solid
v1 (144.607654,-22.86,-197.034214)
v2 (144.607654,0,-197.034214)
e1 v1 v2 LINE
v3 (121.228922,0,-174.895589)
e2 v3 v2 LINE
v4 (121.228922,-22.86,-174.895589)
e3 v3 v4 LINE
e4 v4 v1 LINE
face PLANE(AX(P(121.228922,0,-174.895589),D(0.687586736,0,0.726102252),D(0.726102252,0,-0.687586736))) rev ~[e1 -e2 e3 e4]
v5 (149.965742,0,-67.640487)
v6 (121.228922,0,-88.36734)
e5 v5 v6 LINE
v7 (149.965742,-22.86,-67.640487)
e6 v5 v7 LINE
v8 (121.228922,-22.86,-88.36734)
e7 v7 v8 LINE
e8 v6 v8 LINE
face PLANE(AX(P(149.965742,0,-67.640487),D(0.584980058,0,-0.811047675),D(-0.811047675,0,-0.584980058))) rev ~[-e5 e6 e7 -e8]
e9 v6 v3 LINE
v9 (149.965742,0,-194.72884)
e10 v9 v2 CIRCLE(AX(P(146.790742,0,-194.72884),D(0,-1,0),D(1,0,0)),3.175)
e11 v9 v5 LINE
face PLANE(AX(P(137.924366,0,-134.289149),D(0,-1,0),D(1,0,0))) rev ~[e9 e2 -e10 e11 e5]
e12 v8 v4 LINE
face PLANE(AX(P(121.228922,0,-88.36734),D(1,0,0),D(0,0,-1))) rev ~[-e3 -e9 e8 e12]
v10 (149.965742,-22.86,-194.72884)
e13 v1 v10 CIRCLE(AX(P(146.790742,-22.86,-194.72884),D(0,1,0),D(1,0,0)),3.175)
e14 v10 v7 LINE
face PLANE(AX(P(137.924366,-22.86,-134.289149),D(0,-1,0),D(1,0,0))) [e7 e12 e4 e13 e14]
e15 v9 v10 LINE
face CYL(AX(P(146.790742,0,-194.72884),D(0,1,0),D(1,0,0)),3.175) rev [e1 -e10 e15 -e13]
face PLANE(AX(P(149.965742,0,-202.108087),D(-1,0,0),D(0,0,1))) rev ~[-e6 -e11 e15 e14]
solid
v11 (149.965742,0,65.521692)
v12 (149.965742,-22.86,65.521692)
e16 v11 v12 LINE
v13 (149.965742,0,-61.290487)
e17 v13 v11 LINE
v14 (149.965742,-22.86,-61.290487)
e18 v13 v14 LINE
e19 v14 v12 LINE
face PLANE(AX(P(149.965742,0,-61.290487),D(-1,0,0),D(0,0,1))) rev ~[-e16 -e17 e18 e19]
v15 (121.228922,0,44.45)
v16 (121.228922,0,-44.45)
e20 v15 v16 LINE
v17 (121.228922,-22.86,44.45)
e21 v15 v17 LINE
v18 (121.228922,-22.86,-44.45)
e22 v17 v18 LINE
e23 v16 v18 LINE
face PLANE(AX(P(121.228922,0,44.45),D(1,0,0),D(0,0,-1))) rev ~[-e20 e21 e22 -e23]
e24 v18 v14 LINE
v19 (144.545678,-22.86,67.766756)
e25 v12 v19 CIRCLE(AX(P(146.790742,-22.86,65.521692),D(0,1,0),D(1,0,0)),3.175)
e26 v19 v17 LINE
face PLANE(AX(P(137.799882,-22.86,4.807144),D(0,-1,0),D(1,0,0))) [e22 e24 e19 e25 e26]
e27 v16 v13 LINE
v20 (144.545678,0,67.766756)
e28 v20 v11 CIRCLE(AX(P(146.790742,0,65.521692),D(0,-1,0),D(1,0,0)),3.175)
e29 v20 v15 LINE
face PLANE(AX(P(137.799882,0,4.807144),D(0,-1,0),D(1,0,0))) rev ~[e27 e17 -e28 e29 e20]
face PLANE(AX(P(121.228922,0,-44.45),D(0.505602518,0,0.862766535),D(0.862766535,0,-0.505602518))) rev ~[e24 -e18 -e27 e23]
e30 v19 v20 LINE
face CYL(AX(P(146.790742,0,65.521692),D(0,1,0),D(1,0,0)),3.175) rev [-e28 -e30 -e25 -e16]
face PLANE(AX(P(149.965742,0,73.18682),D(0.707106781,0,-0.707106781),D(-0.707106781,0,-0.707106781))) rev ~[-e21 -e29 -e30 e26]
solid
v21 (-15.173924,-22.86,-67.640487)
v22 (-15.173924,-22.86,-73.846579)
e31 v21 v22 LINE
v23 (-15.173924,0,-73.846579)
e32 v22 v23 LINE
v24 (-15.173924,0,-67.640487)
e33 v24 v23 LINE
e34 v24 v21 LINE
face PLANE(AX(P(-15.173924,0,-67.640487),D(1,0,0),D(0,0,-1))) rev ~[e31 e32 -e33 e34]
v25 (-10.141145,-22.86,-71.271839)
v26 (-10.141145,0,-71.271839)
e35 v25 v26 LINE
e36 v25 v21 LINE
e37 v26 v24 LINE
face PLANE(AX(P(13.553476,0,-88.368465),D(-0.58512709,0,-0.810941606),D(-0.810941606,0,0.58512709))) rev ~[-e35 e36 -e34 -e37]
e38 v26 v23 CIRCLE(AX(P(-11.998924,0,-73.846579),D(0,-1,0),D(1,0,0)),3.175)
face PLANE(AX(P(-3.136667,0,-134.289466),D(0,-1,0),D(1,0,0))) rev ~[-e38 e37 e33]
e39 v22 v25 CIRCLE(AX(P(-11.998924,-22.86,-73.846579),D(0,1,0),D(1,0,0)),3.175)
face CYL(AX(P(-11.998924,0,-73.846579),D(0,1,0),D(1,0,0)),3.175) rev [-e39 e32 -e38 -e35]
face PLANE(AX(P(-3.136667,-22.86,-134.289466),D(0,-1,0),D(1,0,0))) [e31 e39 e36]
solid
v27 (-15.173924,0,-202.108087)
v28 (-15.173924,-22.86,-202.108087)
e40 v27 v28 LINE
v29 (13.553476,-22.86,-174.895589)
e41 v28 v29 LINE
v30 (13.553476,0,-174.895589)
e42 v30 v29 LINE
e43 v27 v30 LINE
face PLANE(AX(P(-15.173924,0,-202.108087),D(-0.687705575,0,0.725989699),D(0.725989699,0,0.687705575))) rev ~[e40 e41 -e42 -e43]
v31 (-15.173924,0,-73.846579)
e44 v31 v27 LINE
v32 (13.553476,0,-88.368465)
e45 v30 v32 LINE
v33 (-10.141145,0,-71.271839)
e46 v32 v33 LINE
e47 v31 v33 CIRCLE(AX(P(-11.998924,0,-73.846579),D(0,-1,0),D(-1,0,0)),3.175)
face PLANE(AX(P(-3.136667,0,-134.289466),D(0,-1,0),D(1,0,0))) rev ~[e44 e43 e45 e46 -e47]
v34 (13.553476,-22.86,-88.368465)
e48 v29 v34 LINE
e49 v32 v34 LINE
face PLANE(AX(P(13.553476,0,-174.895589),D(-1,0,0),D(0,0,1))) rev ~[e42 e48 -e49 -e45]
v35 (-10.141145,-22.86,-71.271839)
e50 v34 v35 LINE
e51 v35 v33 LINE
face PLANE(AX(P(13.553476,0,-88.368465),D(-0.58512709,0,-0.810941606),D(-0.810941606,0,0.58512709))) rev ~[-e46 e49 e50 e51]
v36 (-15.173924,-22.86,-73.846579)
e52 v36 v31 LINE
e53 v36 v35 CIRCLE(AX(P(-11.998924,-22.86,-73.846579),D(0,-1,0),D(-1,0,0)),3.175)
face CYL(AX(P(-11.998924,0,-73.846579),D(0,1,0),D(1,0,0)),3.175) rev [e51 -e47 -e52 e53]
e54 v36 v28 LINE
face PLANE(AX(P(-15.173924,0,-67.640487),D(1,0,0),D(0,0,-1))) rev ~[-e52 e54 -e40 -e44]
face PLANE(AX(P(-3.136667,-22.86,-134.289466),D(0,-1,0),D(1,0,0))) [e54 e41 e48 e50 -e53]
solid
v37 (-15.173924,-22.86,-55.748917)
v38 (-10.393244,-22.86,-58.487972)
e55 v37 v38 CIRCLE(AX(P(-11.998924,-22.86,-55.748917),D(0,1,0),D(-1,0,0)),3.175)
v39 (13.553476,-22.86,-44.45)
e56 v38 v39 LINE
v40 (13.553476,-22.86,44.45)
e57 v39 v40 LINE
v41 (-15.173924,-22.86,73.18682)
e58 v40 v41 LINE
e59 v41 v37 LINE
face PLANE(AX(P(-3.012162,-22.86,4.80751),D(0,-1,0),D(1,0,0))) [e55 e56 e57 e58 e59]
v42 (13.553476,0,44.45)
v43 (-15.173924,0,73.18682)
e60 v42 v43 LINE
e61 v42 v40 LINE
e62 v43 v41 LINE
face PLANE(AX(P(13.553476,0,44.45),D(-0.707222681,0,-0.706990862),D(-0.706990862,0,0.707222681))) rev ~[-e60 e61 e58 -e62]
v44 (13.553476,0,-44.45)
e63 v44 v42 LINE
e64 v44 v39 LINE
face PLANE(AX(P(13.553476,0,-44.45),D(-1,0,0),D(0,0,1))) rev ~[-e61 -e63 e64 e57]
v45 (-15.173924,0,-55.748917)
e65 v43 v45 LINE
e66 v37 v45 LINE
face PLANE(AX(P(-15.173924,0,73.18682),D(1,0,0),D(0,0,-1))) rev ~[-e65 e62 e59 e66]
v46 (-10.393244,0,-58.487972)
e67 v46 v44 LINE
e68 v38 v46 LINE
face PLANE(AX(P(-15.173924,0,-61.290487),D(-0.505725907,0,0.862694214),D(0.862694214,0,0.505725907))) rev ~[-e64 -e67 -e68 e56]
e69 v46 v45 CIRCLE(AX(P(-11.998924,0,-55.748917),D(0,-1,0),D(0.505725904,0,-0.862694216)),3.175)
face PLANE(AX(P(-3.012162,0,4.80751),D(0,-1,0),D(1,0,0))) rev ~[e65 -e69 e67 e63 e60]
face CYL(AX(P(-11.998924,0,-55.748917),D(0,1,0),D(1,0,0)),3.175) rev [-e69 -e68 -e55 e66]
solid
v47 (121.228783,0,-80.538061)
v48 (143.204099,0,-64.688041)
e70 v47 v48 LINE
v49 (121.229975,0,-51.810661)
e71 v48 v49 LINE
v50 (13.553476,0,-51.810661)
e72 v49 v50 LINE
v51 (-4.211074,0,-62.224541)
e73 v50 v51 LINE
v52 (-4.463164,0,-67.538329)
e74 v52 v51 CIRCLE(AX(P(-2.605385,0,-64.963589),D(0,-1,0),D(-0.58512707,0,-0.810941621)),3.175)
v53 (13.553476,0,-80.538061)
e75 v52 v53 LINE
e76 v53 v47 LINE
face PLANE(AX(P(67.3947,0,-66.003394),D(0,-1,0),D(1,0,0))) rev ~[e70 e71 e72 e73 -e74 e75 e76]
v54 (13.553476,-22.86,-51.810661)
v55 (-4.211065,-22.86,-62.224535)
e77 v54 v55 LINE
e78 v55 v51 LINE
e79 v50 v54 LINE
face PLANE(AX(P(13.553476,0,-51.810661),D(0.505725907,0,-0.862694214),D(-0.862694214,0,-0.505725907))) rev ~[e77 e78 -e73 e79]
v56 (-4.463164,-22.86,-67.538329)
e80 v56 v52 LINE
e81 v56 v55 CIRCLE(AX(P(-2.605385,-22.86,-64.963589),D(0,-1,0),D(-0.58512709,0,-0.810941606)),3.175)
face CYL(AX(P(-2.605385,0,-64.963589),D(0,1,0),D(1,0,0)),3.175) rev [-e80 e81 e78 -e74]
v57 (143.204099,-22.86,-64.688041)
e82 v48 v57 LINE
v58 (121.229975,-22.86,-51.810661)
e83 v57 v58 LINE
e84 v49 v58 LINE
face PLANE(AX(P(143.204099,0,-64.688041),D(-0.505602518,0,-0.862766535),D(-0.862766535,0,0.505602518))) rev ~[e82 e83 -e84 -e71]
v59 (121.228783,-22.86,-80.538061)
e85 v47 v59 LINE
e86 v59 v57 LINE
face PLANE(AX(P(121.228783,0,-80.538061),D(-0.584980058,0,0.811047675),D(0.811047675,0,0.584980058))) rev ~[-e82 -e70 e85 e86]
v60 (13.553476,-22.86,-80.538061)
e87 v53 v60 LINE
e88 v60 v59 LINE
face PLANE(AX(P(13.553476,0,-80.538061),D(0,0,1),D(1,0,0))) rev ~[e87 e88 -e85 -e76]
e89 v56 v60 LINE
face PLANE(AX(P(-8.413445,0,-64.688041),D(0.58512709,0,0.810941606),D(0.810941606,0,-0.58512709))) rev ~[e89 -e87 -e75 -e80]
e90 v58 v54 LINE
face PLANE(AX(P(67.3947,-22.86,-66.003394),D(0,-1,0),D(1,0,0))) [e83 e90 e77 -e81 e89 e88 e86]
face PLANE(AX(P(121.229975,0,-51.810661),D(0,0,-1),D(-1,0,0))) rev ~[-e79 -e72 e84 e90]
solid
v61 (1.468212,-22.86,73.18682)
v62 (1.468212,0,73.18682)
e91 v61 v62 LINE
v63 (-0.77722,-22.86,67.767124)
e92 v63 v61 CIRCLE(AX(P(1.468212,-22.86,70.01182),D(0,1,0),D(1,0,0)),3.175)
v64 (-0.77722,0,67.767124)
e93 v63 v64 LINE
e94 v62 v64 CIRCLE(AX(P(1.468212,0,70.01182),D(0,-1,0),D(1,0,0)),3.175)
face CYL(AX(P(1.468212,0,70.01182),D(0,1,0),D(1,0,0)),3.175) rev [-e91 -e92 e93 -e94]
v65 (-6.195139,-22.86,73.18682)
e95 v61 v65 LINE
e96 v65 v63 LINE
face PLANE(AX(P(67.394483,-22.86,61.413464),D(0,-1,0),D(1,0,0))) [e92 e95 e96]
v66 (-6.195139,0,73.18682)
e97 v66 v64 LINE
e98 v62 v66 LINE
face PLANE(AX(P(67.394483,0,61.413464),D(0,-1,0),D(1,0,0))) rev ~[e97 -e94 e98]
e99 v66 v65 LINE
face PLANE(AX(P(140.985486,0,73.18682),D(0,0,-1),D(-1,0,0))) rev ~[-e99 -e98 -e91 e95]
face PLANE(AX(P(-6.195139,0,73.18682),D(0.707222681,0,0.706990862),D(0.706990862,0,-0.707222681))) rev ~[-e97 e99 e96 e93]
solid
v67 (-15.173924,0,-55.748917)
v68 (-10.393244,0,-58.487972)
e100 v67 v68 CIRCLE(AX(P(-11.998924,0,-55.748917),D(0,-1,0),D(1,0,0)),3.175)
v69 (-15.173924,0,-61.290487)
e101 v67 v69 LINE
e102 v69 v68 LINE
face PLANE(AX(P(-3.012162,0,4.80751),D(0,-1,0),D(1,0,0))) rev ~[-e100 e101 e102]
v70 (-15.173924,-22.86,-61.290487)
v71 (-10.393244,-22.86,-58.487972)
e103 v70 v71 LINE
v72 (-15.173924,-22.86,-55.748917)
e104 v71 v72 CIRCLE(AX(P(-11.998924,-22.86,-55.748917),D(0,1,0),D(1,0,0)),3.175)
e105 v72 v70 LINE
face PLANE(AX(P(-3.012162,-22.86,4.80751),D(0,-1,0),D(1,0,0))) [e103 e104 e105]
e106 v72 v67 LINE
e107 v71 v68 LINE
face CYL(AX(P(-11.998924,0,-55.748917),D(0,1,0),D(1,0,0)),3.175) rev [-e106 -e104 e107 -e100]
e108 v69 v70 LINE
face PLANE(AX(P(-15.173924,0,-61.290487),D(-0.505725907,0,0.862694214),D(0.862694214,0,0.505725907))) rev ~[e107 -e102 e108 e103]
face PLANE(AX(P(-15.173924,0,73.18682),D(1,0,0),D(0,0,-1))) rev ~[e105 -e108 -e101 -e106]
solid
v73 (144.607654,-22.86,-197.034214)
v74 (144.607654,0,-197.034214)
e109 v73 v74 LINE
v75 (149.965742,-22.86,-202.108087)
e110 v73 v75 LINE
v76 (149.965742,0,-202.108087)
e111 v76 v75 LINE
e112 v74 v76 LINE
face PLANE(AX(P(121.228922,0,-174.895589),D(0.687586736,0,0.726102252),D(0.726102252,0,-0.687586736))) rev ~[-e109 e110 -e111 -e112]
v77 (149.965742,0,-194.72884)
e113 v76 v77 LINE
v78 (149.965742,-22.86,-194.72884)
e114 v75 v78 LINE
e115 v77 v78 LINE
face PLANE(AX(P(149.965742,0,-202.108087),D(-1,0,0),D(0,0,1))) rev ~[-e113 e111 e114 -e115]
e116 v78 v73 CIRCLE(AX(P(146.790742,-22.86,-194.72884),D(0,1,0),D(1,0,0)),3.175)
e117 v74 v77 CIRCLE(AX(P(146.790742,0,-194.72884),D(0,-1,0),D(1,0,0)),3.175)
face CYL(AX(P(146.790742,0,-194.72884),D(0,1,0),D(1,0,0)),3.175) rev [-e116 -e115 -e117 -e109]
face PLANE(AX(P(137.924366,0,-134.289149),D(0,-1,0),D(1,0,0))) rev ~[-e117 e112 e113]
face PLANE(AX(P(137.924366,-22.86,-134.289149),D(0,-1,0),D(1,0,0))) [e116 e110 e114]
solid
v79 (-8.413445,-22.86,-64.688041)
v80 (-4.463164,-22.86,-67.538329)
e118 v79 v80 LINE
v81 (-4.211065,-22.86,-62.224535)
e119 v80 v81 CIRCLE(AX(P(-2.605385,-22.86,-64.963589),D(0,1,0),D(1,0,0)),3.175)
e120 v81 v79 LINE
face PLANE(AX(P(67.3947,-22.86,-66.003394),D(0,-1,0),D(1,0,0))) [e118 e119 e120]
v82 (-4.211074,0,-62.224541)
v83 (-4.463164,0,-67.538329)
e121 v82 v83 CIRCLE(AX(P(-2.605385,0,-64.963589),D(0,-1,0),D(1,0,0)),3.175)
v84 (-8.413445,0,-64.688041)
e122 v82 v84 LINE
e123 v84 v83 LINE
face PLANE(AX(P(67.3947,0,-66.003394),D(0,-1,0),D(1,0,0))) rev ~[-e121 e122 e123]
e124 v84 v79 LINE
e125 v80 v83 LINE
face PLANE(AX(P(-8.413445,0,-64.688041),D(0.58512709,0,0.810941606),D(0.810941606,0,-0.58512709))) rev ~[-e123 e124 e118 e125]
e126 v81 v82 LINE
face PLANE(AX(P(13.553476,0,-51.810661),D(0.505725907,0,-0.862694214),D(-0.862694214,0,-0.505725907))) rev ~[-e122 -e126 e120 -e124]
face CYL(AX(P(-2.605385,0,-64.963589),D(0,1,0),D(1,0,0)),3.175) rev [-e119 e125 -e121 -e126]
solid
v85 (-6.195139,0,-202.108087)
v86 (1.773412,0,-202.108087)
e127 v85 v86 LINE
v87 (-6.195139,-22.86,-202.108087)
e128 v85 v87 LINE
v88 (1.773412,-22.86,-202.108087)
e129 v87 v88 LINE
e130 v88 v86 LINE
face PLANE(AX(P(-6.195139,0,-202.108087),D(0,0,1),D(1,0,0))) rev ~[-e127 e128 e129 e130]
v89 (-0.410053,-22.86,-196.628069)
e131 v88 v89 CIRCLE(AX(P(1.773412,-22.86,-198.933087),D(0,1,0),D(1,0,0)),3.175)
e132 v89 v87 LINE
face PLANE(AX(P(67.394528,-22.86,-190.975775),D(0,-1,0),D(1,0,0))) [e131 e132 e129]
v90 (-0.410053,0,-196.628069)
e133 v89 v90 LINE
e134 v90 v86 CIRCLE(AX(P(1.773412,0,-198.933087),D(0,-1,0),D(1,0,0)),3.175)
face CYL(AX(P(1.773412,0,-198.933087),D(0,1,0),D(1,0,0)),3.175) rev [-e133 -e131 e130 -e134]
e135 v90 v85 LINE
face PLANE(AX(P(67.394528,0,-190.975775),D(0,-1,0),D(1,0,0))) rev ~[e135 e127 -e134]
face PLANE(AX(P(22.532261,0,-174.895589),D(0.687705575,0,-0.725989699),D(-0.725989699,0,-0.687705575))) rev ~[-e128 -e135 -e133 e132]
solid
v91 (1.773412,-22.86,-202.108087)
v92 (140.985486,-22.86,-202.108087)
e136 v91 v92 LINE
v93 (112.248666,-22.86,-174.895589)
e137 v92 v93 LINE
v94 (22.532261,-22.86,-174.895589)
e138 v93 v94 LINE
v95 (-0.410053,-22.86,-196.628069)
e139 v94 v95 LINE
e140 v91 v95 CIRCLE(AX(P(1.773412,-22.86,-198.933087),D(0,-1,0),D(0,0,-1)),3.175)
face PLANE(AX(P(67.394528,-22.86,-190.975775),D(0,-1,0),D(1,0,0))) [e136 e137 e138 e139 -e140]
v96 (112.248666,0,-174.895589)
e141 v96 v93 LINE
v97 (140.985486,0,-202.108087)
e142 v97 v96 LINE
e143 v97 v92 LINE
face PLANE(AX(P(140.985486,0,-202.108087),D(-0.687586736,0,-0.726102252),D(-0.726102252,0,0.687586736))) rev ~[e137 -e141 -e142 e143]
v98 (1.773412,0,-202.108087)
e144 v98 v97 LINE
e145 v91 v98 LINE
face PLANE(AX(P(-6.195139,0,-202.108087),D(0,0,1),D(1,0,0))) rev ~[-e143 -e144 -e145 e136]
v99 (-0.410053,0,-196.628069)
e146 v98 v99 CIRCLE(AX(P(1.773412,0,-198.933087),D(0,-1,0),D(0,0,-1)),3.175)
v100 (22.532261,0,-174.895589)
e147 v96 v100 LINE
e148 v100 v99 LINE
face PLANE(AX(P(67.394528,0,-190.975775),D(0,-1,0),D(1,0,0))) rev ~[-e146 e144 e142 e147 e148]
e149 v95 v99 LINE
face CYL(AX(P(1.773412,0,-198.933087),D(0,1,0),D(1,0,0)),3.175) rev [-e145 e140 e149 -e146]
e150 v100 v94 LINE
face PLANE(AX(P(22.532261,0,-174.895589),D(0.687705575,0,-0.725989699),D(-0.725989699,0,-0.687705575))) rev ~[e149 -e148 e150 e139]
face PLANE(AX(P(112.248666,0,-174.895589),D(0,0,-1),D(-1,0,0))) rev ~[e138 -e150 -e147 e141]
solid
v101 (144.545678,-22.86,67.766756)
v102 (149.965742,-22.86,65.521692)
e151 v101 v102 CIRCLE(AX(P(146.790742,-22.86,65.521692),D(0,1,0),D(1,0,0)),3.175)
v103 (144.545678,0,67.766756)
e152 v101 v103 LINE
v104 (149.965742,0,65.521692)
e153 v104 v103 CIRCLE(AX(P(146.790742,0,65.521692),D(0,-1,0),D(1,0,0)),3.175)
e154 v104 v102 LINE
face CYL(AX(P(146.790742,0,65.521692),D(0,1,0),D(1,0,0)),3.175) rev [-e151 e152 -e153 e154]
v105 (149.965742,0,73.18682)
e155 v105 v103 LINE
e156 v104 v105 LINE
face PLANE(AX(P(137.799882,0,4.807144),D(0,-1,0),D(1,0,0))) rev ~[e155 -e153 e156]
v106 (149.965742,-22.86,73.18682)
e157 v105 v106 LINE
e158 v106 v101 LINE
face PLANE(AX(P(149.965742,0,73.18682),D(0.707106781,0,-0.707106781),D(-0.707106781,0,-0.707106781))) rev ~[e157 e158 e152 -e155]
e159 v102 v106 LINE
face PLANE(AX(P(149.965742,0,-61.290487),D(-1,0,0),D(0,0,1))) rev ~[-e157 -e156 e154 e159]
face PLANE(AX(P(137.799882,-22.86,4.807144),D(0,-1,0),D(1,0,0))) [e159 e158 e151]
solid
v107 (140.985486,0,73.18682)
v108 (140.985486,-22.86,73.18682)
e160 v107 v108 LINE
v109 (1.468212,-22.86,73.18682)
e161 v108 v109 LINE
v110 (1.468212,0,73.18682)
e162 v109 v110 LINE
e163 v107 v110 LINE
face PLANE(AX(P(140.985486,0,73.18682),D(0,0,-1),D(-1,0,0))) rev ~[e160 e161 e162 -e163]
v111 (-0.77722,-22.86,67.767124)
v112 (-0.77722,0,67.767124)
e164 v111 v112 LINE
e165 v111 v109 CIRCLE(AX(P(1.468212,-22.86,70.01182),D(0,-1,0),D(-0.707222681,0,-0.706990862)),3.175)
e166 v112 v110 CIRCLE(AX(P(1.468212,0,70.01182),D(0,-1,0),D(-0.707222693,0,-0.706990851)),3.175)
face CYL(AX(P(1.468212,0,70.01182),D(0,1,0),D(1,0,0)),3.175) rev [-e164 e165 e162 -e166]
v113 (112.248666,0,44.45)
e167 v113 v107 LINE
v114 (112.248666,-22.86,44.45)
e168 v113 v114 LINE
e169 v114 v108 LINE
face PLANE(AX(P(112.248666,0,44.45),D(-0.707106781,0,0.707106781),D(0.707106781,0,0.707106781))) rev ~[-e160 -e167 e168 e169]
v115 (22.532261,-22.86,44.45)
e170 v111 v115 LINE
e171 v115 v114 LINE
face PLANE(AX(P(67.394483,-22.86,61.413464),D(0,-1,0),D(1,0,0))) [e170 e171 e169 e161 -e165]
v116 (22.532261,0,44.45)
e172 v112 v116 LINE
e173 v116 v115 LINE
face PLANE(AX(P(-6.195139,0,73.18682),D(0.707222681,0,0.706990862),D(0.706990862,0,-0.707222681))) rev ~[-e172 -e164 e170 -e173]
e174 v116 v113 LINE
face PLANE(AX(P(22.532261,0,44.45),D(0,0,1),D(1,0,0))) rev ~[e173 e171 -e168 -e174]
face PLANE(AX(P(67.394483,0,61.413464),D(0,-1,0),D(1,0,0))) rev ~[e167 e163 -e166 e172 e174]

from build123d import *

# Parameters (mm, degrees)
F1_DEPTH = 22.86
F2_R     = 3.175
F3_DEPTH = 25.4


with BuildPart() as f1:
    # F0 (on Front) → F1 (new body)
    with BuildSketch(Plane.XZ):
        Polygon((-15.1739238592, -61.2904866815), (13.5534761408, -44.45), (13.5534761408, 44.45), (-15.1739238592, 73.1868195874), align=None)
    extrude(amount=F1_DEPTH)


with BuildPart() as f1b:
    # F0 (on Front) → F1, piece 2 (new body)
    with BuildSketch(Plane.XZ):
        Polygon((140.9854855022, 73.1868195874), (-6.195139428, 73.1868195874), (22.532260572, 44.45), (112.2486659148, 44.45), align=None)
    extrude(amount=F1_DEPTH)


with BuildPart() as f1c:
    # F0 (on Front) → F1, piece 3 (new body)
    with BuildSketch(Plane.XZ):
        Polygon((121.228922036, -174.8955888238), (149.9657416234, -202.1080866815), (149.9657416234, -67.6404866815), (121.228922036, -88.3673402517), align=None)
    extrude(amount=F1_DEPTH)


with BuildPart() as f1d:
    # F0 (on Front) → F1, piece 4 (new body)
    with BuildSketch(Plane.XZ):
        Polygon((13.5534761408, -51.8106613985), (-8.4134451263, -64.6880413574), (13.5534761408, -80.5380613985), (121.2287825639, -80.5380613985), (143.2040990216, -64.6880413574), (121.2299748981, -51.8106613985), align=None)
    extrude(amount=F1_DEPTH)


with BuildPart() as f1e:
    # F0 (on Front) → F1, piece 5 (new body)
    with BuildSketch(Plane.XZ):
        Polygon((13.5534761408, -88.368464908), (-15.1739238592, -67.6404866815), (-15.1739238592, -202.1080866815), (13.5534761408, -174.8955888238), align=None)
    extrude(amount=F1_DEPTH)


with BuildPart() as f1f:
    # F0 (on Front) → F1, piece 6 (new body)
    with BuildSketch(Plane.XZ):
        Polygon((22.532260572, -174.8955888238), (-6.195139428, -202.1080866815), (140.9854855022, -202.1080866815), (112.2486659148, -174.8955888238), align=None)
    extrude(amount=F1_DEPTH)


with BuildPart() as f1g:
    # F0 (on Front) → F1, piece 7 (new body)
    with BuildSketch(Plane.XZ):
        Polygon((149.9657416234, -61.2904866815), (149.9657416233, 73.1868195874), (121.2289220359, 44.45), (121.228922036, -44.45), align=None)
    extrude(amount=F1_DEPTH)


with BuildPart() as f3_tool:
    # F2 (on face) → F3 (new body)
    with BuildSketch(Plane.XZ):
        with Locations((-11.9989238592, -55.7489174012)):
            Circle(F2_R)
        with Locations((-11.9989238592, -73.8465790448)):
            Circle(F2_R)
        with Locations((-2.605385107, -64.9635892569)):
            Circle(F2_R)
        with Locations((1.7734120806, -198.9330866815)):
            Circle(F2_R)
        with Locations((146.7907416234, -194.728839653)):
            Circle(F2_R)
        with Locations((1.4682120604, 70.0118195874)):
            Circle(F2_R)
        with Locations((146.7907416233, 65.5216915269)):
            Circle(F2_R)
    extrude(amount=F3_DEPTH)


with BuildPart() as f1_1:
    add(f1.part)

    # F3: cut by f3_tool
    add(f3_tool.part, mode=Mode.SUBTRACT)


with BuildPart() as f1b_1:
    add(f1b.part)

    # F3: cut by f3_tool
    add(f3_tool.part, mode=Mode.SUBTRACT)


with BuildPart() as f1c_1:
    add(f1c.part)

    # F3: cut by f3_tool
    add(f3_tool.part, mode=Mode.SUBTRACT)


with BuildPart() as f1d_1:
    add(f1d.part)

    # F3: cut by f3_tool
    add(f3_tool.part, mode=Mode.SUBTRACT)


with BuildPart() as f1e_1:
    add(f1e.part)

    # F3: cut by f3_tool
    add(f3_tool.part, mode=Mode.SUBTRACT)


with BuildPart() as f1f_1:
    add(f1f.part)

    # F3: cut by f3_tool
    add(f3_tool.part, mode=Mode.SUBTRACT)


with BuildPart() as f1g_1:
    add(f1g.part)

    # F3: cut by f3_tool
    add(f3_tool.part, mode=Mode.SUBTRACT)


solid = Compound([f1_1.part, f1b_1.part, f1c_1.part, f1d_1.part, f1e_1.part, f1f_1.part, f1g_1.part])
